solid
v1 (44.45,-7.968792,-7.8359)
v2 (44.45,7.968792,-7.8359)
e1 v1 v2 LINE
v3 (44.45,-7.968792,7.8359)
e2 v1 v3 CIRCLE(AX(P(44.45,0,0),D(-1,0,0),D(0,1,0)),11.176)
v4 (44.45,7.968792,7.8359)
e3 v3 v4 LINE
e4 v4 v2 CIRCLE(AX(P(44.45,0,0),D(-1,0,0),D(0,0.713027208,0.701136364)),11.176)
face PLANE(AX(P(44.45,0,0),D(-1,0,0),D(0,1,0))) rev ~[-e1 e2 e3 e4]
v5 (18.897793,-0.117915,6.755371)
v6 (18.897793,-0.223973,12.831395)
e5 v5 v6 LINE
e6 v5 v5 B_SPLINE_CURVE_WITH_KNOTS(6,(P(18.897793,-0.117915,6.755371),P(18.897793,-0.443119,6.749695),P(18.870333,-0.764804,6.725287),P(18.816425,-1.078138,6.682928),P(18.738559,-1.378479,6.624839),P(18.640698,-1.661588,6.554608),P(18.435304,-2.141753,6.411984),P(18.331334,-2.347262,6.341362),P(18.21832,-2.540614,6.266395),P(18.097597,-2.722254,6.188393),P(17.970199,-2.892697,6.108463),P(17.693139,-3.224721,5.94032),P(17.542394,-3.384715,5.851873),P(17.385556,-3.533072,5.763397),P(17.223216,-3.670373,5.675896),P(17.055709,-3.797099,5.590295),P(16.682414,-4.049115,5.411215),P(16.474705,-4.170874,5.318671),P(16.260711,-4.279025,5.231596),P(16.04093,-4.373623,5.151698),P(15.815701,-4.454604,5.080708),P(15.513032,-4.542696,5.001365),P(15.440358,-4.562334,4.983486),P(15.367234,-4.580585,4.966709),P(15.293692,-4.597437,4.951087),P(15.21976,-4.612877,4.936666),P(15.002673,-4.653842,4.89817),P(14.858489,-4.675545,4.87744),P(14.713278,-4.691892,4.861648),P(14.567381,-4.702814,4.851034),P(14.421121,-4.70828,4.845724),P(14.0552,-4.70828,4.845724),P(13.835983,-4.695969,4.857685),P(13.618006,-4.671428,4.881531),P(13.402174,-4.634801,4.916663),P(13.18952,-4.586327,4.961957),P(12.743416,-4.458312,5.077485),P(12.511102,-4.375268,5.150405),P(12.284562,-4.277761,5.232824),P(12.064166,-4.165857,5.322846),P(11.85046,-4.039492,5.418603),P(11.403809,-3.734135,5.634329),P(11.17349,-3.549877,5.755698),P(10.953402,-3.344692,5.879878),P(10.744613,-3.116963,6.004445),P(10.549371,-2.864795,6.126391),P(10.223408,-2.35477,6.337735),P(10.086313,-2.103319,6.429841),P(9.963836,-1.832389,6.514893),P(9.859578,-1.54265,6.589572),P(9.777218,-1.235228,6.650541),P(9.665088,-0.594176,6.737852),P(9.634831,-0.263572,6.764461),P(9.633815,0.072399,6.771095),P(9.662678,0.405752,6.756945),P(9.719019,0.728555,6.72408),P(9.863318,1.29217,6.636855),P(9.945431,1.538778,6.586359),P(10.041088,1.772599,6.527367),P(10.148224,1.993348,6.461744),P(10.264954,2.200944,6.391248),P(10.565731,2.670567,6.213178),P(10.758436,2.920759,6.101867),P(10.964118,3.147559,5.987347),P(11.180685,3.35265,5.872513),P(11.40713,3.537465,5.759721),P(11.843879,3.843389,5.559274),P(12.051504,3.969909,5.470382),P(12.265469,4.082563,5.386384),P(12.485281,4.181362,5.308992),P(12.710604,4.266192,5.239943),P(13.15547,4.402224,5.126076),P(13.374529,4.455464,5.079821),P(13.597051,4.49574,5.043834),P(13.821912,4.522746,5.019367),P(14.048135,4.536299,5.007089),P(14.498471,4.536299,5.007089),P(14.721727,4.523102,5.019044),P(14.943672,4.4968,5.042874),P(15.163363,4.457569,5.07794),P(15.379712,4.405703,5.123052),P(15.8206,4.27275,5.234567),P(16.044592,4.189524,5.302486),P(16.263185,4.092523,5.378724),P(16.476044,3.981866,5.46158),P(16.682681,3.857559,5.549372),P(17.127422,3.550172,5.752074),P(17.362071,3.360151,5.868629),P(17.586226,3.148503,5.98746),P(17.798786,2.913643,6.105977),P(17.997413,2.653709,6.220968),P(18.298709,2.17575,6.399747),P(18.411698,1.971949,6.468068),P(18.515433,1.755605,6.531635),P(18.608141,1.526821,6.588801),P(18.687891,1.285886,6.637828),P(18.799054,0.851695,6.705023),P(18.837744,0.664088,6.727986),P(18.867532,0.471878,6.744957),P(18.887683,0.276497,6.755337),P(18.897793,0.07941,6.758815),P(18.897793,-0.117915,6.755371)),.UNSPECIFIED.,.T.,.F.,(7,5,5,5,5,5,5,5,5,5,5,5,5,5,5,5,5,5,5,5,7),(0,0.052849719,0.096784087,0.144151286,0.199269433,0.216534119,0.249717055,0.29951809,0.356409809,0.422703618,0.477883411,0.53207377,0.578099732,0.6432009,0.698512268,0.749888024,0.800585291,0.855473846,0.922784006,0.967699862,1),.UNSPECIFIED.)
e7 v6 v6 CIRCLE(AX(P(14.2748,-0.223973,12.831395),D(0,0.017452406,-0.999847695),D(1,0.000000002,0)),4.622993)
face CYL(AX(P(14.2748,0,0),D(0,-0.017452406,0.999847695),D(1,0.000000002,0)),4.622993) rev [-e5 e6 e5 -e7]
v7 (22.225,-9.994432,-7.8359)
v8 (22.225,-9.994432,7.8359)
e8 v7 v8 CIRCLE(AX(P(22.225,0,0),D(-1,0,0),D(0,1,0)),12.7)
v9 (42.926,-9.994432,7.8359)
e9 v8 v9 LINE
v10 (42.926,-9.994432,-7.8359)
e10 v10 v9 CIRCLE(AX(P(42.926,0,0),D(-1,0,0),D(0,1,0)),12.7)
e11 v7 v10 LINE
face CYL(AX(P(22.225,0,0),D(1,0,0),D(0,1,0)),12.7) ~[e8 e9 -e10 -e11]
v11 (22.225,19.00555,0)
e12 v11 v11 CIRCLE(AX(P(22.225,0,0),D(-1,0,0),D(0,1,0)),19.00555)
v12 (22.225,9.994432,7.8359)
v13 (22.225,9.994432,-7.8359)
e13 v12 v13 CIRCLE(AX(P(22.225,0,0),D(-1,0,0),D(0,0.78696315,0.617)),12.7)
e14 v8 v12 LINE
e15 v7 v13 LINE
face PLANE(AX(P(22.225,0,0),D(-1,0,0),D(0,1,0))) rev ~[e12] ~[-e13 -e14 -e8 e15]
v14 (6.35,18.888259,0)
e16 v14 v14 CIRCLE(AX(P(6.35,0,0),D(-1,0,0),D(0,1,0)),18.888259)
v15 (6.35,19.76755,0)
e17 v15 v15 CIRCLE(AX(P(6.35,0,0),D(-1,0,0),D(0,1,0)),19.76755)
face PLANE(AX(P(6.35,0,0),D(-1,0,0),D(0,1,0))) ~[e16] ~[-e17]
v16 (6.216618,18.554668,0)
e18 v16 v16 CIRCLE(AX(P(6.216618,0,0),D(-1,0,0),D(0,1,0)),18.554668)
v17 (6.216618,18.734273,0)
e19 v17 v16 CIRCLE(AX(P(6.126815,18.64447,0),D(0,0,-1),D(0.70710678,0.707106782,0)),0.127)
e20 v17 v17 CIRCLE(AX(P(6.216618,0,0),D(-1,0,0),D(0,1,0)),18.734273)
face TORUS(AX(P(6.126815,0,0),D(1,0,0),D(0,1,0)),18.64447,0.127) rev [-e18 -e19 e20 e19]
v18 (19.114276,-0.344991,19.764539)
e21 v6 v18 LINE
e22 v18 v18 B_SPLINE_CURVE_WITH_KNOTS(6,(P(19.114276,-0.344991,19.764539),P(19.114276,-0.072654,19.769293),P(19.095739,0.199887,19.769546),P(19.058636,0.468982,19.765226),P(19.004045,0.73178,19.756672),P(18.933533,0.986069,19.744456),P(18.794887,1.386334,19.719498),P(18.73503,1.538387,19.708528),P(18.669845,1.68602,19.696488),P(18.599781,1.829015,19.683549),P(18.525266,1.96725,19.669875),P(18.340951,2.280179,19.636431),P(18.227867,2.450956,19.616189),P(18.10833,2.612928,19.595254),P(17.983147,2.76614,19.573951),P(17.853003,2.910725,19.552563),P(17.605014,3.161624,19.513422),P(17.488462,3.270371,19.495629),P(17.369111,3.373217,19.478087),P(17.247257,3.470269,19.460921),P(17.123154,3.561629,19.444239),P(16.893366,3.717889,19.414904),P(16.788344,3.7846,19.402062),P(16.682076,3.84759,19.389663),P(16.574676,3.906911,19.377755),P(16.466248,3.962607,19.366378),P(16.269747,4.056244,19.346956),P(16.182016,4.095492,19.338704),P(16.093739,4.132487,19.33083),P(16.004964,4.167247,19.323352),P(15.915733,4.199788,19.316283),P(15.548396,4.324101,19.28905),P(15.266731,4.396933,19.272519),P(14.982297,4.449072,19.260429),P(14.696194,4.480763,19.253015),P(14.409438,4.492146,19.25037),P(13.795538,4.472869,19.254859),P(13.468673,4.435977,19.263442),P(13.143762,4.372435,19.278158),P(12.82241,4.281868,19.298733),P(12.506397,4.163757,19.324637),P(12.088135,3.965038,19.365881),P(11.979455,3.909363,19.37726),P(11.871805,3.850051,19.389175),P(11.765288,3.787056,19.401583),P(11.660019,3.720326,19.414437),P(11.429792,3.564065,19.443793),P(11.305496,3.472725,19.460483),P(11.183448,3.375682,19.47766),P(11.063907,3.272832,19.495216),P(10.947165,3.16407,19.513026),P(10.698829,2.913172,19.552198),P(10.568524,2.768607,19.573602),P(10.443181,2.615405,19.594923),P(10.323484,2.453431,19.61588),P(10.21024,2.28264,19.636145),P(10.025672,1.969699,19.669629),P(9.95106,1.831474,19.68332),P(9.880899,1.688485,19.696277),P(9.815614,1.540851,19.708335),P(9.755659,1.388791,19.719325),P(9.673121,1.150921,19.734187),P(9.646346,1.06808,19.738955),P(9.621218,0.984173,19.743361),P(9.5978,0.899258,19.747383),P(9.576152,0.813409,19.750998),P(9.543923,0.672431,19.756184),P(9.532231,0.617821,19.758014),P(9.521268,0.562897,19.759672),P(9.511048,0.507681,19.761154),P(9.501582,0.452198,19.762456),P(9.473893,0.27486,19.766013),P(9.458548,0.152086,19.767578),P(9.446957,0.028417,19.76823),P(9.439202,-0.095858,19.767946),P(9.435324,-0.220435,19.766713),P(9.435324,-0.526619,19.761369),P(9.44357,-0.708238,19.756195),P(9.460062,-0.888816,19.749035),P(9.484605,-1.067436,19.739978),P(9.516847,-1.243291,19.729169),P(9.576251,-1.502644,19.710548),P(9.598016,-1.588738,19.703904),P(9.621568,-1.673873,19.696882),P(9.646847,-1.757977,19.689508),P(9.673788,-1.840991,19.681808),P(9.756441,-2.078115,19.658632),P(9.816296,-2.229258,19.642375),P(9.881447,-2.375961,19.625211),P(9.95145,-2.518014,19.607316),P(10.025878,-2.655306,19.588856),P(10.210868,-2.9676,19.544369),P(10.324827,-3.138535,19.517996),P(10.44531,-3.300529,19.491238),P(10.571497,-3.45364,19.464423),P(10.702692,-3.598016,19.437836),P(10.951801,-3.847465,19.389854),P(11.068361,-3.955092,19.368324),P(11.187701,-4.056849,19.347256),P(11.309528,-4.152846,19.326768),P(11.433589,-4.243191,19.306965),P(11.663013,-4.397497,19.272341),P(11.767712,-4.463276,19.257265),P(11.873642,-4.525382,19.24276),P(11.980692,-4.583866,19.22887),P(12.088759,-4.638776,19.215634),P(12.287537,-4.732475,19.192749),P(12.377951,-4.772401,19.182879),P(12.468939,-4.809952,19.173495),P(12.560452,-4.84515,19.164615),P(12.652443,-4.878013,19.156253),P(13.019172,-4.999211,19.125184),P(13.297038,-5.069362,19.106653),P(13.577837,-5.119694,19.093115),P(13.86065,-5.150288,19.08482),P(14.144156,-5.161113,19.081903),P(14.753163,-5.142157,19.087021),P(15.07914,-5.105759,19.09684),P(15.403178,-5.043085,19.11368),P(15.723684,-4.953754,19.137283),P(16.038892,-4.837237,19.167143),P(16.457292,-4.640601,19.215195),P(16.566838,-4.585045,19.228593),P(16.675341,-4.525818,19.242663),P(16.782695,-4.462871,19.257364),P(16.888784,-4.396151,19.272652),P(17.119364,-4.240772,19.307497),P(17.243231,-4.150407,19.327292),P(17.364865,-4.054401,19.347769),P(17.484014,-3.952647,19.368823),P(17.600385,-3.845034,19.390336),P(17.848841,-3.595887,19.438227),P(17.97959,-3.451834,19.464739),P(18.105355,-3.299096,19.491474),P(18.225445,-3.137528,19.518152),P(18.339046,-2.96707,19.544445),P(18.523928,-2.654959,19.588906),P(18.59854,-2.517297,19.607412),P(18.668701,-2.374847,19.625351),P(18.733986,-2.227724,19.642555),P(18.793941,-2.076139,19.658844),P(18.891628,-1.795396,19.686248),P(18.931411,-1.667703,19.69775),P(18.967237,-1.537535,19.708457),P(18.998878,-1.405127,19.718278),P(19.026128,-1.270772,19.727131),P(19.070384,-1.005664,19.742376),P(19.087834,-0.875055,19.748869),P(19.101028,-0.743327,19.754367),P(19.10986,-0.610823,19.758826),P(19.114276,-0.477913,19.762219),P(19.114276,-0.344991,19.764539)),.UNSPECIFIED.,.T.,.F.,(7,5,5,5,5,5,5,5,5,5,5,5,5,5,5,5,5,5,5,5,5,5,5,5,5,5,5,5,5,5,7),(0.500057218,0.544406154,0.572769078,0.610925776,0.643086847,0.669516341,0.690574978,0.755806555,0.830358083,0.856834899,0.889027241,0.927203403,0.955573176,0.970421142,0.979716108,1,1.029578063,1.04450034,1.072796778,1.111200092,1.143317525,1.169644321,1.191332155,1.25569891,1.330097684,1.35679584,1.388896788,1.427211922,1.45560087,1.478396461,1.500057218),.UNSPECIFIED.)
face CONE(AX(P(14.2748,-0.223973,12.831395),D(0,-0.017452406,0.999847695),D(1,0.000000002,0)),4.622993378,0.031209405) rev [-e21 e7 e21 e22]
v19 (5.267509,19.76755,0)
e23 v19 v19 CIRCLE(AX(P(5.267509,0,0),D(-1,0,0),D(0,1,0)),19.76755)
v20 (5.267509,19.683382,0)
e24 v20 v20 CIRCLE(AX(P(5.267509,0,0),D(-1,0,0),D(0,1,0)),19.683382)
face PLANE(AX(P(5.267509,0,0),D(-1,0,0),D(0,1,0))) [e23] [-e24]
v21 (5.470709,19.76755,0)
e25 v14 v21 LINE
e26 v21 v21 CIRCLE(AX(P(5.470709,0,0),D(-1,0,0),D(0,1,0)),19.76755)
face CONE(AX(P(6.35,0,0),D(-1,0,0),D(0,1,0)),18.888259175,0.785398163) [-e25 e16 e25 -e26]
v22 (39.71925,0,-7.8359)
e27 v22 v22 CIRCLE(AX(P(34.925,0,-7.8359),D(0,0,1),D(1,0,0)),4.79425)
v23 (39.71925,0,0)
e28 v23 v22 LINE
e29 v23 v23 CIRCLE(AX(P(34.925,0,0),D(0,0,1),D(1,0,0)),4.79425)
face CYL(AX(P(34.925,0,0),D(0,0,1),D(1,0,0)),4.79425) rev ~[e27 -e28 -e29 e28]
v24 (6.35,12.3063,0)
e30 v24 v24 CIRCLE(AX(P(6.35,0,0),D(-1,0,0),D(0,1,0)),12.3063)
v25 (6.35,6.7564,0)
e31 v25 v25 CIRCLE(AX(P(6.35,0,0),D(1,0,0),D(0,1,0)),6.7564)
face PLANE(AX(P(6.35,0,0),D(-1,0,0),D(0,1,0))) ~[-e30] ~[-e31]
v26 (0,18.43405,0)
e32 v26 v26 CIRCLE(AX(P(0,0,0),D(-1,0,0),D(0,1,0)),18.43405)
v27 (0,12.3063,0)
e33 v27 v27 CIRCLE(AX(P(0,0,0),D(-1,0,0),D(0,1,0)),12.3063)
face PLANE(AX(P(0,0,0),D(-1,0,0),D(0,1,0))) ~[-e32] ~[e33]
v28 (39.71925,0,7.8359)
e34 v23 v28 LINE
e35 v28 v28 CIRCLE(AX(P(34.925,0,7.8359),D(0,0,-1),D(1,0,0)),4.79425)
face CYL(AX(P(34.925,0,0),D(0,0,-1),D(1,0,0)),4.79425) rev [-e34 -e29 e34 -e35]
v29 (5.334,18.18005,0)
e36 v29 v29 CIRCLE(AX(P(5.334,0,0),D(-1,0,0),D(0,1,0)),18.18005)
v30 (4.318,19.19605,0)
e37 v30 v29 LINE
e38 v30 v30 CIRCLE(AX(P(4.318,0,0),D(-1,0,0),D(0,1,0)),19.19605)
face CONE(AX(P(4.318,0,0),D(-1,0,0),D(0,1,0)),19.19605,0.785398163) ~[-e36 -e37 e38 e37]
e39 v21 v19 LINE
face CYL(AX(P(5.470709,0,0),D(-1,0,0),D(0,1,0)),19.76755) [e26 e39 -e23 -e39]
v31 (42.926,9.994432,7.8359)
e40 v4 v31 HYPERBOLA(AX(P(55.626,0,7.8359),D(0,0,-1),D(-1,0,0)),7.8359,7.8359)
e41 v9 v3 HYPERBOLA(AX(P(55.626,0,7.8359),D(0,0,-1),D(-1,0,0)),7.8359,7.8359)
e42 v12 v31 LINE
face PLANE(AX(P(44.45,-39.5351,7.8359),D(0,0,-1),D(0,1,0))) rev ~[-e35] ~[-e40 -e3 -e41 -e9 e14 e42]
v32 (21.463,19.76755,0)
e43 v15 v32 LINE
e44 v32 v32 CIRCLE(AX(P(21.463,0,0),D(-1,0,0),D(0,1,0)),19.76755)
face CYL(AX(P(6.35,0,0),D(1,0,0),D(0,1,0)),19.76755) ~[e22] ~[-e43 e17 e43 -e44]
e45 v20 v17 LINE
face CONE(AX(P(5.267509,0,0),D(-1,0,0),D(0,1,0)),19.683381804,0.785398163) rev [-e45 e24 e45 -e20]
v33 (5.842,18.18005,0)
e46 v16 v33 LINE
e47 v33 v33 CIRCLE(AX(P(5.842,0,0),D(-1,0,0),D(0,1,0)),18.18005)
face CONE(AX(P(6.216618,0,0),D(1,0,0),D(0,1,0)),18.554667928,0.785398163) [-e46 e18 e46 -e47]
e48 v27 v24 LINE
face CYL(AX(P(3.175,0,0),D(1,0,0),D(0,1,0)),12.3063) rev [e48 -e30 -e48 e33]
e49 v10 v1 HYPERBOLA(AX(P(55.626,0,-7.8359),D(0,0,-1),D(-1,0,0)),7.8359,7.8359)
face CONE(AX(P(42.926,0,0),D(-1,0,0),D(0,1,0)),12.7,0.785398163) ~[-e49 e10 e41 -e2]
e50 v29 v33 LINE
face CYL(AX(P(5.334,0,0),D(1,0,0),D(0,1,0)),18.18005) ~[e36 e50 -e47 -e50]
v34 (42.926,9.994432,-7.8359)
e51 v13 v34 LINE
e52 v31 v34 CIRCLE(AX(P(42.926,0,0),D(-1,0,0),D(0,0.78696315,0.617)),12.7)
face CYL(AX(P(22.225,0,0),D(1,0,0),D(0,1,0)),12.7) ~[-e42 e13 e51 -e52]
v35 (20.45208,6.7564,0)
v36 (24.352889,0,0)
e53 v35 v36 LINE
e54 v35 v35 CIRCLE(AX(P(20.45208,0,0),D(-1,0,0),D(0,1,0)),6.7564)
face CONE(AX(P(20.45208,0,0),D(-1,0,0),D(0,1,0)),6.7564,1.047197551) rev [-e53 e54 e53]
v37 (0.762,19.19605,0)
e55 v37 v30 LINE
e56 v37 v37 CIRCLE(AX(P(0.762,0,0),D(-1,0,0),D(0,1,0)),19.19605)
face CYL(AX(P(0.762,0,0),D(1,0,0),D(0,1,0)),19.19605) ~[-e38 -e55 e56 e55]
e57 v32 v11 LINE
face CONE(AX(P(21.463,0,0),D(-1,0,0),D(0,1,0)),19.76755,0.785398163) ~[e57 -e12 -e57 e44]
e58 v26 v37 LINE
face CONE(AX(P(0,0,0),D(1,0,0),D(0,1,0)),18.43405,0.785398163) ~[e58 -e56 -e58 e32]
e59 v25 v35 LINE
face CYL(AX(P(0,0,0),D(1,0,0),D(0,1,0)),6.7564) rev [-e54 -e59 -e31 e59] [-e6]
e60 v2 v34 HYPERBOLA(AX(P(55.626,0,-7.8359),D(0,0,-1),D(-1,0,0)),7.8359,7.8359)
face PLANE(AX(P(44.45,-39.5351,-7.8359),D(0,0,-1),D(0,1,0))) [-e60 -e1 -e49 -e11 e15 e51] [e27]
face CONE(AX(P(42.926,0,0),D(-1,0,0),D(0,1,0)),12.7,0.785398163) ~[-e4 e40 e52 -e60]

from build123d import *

# Parameters (mm, degrees)
SKETCH3_W               = 79.0702
SKETCH3_H               = 158.1404
SKETCH3_W_2             = 15.6718
SKETCH3_H_2             = 79.0702
CUT_EXTRUDE1_DEPTH      = 22.225
SKETCH6_W               = 6.35
SKETCH6_H               = 12.3063
SKETCH8_R               = 4.79425
CUT_EXTRUDE2_DEPTH      = 11.75385
CUT_EXTRUDE2_DEPTH_BACK = 11.75385


with BuildPart() as part:
    # Sketch1 → Revolve1 (revolve)
    with BuildSketch(Plane.XY):
        Polygon((0, 0), (0, 18.43405), (0.762, 19.19605), (4.318, 19.19605), (5.334, 18.18005), (6.35, 18.18005), (6.35, 19.76755), (21.463, 19.76755), (22.225, 19.00555), (22.225, 0), align=None)
    revolve(axis=Axis((22.225, 0, 0), (-1, 0, 0)))

    # Sketch2 → Revolve2 (revolve)
    with BuildSketch(Plane.XY):
        Polygon((22.225, 0), (22.225, 12.7), (42.926, 12.7), (44.45, 11.176), (44.45, 0), align=None)
    revolve(axis=Axis((44.45, 0, 0), (-1, 0, 0)))

    # Sketch3 → Cut-Extrude1 (cut)
    with BuildSketch(Plane(origin=(44.45, 0, 0), x_dir=(0, 0, -1), z_dir=(1, 0, 0))):
        Rectangle(SKETCH3_W, SKETCH3_H)
        Rectangle(SKETCH3_W_2, SKETCH3_H_2, mode=Mode.SUBTRACT)
    extrude(amount=-CUT_EXTRUDE1_DEPTH, mode=Mode.SUBTRACT)

    # Sketch4 → Cut-Revolve1 (revolve, cut)
    with BuildSketch(Plane.XY):
        Polygon((0, 0), (0, 6.7564), (20.45208, 6.7564), (24.352889359, 0), align=None)
    revolve(axis=Axis((24.352889359, 0, 0), (-1, 0, 0)), mode=Mode.SUBTRACT)

    # Sketch5 → Cut-Revolve2 (revolve, cut)
    with BuildSketch(Plane(origin=(0, 0, 0), x_dir=(1, 0, 0), z_dir=(0, 0.999847695, 0.017452406))):
        Polygon((14.2748, 0), (18.897793378, 0), (18.897793378, -12.83335), (19.114275925, -19.76755), (14.2748, -19.76755), align=None)
    revolve(axis=Axis((14.2748, -0.344991317, 19.764539306), (0, 0.017452406, -0.999847695)), mode=Mode.SUBTRACT)

    # Sketch6 → Cut-Revolve3 (revolve, cut)
    with BuildSketch(Plane.XY):
        with Locations((3.175, 6.15315)):
            Rectangle(SKETCH6_W, SKETCH6_H)
    revolve(axis=Axis((6.35, 0, 0), (-1, 0, 0)), mode=Mode.SUBTRACT)

    # Sketch7 → Revolve3 (revolve)
    with BuildSketch(Plane.XY):
        with BuildLine():
            Line((5.267509175, 19.76755), (5.267509175, 19.683381804))
            Line((5.267509175, 19.683381804), (6.216617928, 18.734273051))
            ThreePointArc((6.216617928, 18.734273051), (6.253815367, 18.64447049), (6.216617928, 18.554667928))
            Line((6.216617928, 18.554667928), (5.842, 18.18005))
            Line((5.842, 18.18005), (5.334, 18.18005))
            Line((5.334, 18.18005), (5.334, 17.92605))
            Line((5.334, 17.92605), (6.35, 17.92605))
            Line((6.35, 17.92605), (6.35, 18.888259175))
            Line((6.35, 18.888259175), (5.470709175, 19.76755))
            Line((5.470709175, 19.76755), (5.267509175, 19.76755))
        make_face()
    revolve(axis=Axis((6.35, 0, 0), (-1, 0, 0)))

    # Sketch8 → Cut-Extrude2 (cut, two sides)
    with BuildSketch(Plane.XY) as cut_extrude2_sk:
        with Locations((34.925, 0)):
            Circle(SKETCH8_R)
    extrude(amount=CUT_EXTRUDE2_DEPTH, mode=Mode.SUBTRACT)
    extrude(cut_extrude2_sk.sketch, amount=-CUT_EXTRUDE2_DEPTH_BACK, mode=Mode.SUBTRACT)


solid = part.part
